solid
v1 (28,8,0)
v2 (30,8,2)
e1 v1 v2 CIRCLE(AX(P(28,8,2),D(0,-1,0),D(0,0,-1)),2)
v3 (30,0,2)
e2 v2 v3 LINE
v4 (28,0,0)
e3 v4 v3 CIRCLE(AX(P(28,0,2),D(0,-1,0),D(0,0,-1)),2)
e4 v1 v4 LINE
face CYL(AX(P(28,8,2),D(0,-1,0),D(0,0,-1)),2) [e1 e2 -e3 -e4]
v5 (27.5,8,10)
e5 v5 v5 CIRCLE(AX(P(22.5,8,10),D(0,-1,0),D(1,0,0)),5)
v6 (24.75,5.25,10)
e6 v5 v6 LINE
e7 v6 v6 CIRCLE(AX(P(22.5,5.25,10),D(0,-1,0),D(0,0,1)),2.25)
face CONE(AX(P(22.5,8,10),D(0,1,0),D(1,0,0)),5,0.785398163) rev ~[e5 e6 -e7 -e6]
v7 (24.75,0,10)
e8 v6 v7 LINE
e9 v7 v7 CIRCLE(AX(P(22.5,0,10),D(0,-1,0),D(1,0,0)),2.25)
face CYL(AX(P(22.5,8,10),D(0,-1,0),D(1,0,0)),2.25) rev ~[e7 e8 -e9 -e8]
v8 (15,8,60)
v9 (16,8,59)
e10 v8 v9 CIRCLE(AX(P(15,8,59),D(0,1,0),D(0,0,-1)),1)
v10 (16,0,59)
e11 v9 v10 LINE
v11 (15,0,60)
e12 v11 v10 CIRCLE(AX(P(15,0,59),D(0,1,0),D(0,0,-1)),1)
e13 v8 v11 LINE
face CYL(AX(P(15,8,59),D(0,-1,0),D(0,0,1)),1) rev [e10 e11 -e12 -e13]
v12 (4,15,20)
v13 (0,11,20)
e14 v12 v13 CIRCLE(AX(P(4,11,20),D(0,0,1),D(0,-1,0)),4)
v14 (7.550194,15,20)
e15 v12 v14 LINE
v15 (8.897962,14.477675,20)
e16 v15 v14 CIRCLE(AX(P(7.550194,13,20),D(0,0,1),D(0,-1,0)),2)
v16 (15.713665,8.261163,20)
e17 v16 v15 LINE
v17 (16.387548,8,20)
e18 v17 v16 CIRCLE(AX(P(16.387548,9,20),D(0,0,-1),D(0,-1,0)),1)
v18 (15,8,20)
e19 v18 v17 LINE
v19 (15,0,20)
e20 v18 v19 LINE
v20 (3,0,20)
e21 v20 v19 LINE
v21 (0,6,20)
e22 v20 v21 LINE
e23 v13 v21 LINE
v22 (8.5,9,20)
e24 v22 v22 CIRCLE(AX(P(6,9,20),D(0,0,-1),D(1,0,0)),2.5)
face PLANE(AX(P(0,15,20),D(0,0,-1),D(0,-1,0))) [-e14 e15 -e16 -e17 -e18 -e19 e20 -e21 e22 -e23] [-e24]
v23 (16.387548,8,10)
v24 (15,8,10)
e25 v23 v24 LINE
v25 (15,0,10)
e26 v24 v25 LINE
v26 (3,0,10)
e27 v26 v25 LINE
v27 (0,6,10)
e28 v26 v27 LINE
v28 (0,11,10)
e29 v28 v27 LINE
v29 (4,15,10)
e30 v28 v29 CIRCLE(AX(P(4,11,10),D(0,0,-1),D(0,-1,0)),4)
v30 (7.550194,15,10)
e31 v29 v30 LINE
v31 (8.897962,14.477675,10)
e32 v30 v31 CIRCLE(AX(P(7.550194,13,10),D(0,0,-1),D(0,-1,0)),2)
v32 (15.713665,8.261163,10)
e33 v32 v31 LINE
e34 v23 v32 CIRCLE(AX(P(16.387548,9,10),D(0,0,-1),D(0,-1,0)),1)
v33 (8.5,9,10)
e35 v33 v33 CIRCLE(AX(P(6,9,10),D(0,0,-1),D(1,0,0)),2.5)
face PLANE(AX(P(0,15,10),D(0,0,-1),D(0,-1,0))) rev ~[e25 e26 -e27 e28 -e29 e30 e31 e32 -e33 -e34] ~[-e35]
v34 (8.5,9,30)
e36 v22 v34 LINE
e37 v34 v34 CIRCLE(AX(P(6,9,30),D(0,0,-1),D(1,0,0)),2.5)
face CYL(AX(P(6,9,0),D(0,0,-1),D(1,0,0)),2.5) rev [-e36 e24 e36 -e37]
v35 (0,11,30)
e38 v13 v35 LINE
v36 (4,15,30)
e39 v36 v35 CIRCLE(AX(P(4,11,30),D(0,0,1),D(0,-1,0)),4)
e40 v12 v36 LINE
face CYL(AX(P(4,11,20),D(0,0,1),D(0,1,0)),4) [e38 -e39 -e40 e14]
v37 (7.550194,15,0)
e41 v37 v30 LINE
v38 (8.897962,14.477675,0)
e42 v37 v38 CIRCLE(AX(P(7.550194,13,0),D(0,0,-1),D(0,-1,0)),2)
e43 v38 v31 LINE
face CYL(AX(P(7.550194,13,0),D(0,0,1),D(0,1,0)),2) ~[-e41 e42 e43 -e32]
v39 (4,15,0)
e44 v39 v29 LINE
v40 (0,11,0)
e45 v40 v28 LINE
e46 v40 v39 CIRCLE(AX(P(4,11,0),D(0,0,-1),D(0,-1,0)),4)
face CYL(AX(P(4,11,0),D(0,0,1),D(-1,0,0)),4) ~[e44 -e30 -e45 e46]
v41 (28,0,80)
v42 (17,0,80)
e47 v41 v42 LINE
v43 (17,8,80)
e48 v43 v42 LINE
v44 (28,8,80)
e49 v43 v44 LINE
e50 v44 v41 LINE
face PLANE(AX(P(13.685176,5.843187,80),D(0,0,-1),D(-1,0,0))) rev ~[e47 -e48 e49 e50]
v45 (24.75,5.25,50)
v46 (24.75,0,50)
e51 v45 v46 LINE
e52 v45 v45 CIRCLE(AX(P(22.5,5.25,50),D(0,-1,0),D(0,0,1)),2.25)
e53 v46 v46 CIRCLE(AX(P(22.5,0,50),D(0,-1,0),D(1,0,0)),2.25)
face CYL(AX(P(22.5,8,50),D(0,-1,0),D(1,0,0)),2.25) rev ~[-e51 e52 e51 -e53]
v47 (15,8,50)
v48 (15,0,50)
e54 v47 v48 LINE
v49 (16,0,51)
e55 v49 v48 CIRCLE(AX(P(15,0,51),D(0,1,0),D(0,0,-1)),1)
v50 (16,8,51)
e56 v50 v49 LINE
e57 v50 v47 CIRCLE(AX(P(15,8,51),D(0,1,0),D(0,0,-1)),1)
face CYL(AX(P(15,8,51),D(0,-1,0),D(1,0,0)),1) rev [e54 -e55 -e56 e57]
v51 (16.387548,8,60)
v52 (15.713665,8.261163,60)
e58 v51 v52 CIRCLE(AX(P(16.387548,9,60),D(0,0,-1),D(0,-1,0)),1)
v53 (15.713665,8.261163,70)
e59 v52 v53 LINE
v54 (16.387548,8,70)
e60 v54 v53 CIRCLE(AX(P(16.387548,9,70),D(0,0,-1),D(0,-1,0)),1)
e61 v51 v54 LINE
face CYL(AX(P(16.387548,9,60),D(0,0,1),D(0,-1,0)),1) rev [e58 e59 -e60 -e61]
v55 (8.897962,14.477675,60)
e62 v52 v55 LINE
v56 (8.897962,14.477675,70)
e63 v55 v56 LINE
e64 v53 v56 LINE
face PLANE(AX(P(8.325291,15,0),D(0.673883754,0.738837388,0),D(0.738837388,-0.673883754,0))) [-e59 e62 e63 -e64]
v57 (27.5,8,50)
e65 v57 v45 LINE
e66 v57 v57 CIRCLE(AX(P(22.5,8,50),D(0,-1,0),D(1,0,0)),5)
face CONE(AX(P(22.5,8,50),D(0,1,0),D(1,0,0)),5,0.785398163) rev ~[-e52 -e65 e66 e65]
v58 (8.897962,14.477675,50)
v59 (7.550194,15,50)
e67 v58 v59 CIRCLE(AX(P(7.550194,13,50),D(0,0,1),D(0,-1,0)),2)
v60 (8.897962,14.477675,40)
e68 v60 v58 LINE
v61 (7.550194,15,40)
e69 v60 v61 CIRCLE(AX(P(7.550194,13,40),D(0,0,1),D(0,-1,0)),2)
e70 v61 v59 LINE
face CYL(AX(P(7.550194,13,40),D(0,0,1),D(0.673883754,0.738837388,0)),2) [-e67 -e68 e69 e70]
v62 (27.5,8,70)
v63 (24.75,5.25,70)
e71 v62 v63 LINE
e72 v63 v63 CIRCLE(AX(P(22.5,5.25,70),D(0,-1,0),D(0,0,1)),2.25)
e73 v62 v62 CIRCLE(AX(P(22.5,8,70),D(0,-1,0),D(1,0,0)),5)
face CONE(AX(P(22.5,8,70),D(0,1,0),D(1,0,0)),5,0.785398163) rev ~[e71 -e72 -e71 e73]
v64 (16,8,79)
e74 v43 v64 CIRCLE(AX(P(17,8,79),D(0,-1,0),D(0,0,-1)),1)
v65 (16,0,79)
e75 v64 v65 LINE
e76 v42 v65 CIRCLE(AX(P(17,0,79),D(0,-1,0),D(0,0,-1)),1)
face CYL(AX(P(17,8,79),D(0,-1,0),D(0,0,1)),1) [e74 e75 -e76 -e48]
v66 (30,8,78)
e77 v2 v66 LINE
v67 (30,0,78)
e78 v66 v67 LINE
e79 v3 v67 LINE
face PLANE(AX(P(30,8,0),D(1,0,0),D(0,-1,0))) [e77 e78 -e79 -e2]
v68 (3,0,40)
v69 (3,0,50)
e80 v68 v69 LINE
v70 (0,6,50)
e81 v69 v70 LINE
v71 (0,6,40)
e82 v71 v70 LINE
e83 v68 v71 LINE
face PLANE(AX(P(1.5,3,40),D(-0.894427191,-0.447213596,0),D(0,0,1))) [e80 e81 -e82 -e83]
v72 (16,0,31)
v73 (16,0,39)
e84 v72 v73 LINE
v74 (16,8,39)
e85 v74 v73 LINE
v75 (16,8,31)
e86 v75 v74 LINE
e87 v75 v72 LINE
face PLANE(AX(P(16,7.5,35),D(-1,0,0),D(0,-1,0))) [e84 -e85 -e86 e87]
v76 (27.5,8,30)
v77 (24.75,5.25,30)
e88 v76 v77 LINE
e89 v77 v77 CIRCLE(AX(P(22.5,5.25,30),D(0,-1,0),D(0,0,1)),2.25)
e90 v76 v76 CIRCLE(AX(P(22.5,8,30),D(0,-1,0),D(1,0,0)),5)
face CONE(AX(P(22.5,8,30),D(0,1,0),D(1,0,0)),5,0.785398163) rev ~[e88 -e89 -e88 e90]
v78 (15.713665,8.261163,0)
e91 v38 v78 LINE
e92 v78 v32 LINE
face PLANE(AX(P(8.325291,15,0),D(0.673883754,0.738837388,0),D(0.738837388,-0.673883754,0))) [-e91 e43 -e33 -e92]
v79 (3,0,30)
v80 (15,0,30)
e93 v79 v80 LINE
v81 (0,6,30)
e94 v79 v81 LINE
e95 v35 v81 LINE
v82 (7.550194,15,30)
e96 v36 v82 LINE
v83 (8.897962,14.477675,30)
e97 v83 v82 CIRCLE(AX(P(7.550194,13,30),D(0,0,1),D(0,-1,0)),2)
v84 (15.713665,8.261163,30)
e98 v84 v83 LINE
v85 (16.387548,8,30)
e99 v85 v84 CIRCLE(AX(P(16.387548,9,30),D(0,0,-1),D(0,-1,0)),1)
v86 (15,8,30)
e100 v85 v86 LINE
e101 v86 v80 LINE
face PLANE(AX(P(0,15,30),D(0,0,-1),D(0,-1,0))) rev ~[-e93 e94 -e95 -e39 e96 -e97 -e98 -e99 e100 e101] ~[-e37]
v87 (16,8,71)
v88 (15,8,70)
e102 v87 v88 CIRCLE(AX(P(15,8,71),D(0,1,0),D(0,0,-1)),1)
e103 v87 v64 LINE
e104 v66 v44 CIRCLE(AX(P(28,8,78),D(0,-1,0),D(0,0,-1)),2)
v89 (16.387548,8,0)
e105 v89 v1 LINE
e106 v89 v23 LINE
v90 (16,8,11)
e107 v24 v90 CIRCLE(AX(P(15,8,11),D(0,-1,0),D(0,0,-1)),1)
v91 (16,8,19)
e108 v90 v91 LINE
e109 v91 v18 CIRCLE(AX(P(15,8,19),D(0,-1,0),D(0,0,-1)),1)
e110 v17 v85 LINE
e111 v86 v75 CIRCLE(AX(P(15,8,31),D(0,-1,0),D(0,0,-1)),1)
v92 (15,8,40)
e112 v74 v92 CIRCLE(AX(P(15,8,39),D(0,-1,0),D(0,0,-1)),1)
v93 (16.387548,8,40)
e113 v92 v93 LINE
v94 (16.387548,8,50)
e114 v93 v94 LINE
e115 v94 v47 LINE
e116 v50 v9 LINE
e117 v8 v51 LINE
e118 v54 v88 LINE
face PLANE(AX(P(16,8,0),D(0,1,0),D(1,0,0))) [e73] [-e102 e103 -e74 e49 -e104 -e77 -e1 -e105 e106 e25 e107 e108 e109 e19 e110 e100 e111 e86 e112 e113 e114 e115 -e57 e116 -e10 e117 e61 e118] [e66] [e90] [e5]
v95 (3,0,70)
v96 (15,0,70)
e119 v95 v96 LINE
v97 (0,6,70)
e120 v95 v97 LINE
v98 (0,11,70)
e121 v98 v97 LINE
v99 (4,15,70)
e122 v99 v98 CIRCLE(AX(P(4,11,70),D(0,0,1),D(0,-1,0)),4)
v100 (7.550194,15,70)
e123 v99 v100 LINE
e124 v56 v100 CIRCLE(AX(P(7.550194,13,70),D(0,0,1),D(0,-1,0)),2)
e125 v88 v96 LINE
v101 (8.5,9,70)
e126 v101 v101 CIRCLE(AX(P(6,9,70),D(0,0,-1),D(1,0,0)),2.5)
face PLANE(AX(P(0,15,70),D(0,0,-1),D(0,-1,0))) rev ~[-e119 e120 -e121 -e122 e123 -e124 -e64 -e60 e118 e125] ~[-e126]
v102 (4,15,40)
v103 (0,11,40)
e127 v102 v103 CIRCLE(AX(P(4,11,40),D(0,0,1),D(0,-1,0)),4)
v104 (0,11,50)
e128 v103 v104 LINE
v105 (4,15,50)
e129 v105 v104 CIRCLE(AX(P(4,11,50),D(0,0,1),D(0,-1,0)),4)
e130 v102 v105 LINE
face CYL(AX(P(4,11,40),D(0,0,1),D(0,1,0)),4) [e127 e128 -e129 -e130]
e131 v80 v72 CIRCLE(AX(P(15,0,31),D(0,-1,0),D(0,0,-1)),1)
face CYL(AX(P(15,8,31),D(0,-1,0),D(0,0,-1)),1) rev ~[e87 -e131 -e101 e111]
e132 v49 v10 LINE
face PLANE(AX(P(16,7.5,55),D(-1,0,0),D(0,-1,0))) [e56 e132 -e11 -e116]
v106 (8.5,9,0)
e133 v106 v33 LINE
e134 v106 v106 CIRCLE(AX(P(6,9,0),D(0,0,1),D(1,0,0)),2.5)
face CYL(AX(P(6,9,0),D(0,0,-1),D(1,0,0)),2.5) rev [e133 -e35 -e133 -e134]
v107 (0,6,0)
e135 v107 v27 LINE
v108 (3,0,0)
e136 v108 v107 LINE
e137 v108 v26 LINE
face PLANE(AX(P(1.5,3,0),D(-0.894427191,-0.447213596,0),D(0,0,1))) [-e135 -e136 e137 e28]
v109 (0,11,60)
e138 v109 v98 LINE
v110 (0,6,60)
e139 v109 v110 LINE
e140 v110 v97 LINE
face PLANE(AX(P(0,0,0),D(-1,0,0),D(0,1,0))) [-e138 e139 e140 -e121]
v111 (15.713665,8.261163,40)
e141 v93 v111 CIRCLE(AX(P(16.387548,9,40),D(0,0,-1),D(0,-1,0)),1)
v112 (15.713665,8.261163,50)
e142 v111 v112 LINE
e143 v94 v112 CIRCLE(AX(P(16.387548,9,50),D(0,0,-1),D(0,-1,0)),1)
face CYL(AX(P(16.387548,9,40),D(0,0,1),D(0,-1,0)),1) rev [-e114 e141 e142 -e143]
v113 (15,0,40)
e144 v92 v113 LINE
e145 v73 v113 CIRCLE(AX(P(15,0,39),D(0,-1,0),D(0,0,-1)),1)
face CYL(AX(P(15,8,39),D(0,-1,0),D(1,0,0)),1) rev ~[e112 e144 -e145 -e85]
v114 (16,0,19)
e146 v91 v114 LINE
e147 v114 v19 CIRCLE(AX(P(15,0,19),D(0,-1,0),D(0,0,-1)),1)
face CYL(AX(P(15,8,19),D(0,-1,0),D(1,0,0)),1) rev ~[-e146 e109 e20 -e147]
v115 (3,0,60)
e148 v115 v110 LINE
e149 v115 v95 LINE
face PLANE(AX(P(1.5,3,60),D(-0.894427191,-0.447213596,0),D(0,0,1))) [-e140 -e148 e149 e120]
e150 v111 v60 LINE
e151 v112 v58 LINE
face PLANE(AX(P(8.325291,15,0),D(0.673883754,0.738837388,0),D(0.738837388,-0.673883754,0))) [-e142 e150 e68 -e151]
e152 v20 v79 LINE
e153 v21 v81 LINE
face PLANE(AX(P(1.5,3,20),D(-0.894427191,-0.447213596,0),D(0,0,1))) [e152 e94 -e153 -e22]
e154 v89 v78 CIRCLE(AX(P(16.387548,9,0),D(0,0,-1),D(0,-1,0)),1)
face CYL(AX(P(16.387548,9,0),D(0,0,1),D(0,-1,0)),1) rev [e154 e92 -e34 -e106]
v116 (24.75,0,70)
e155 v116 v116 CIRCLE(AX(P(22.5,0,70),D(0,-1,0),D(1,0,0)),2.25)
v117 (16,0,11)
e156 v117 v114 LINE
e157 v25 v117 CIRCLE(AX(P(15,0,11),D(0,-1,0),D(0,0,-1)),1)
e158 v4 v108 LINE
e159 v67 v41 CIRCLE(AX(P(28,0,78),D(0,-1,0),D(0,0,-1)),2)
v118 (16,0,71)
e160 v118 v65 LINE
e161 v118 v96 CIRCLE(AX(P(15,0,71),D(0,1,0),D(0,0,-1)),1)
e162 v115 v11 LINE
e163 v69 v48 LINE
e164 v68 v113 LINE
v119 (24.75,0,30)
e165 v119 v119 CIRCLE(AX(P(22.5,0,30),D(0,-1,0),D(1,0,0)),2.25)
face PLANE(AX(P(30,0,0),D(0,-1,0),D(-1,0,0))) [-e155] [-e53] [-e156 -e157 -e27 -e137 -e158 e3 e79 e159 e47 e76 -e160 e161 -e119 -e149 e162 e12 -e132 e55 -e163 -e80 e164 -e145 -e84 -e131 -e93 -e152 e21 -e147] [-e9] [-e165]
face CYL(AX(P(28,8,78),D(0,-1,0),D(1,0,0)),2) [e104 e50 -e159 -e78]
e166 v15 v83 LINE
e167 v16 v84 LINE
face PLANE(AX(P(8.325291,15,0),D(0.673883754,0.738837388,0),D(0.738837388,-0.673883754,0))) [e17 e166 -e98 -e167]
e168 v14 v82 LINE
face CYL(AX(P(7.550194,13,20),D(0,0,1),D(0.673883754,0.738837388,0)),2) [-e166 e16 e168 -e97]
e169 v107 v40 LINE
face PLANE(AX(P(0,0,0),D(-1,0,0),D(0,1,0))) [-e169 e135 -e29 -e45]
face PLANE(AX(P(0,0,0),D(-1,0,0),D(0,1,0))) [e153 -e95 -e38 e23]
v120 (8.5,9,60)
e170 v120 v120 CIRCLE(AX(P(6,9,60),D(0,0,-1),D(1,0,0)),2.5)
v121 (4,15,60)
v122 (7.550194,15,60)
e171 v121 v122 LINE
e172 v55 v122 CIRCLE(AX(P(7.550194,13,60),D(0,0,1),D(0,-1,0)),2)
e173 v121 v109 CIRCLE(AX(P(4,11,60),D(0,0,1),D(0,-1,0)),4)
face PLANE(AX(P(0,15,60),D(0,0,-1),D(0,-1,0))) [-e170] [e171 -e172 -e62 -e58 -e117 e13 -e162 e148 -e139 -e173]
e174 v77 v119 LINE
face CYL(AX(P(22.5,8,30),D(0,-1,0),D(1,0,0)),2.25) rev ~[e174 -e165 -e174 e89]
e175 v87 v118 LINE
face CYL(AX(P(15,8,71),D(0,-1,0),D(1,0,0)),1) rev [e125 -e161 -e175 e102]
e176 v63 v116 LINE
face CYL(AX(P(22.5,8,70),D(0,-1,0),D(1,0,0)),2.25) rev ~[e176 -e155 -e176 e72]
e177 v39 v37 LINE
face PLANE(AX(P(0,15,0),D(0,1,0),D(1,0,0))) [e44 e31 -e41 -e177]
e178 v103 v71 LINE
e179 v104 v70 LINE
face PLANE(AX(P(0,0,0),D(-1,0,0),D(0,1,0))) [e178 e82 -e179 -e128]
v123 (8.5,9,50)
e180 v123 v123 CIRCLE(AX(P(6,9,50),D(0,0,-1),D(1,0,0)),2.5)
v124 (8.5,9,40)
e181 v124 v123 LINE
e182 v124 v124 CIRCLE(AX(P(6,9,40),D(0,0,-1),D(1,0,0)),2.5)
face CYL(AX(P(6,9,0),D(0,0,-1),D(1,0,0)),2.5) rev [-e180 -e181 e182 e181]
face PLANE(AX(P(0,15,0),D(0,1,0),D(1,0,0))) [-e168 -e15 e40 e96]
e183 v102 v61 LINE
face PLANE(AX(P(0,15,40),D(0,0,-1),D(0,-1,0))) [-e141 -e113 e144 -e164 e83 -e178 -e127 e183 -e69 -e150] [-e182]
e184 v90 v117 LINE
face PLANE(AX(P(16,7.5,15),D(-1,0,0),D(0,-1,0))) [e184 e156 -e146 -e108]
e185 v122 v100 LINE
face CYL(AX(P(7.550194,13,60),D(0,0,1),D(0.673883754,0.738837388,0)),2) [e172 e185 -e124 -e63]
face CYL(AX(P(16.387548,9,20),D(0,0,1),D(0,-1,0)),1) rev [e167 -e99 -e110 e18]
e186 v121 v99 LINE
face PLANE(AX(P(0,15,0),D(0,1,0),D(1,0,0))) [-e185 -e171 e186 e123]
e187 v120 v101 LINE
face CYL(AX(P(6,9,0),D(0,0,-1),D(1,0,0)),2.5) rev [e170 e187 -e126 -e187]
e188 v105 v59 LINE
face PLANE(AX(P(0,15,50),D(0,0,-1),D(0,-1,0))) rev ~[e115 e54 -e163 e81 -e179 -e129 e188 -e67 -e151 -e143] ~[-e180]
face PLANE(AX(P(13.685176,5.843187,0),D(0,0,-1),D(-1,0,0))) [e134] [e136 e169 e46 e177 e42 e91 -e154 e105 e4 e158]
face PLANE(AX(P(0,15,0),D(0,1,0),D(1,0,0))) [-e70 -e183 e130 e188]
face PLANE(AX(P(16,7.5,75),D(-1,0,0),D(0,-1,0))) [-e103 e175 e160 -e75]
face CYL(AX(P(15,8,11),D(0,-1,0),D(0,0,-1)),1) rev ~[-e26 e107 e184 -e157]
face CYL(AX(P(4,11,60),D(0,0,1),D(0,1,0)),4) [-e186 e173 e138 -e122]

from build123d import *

# Parameters (mm, degrees)
SKETCH_R         = 2.5
PAD_DEPTH        = 80
SKETCH001_W      = 15
SKETCH001_H      = 10
POCKET_DEPTH     = 16
HOLE_D           = 4.5
HOLE_CSINK_D     = 10
HOLE_CSINK_ANGLE = 90
FILLET_R         = 4
FILLET001_R      = 2
CHAMFER_SIZE2    = 6
CHAMFER_SIZE     = 3
CHAMFER001_SIZE2 = 6
CHAMFER001_SIZE  = 3
FILLET002_R      = 1
FILLET003_R      = 1
FILLET004_R      = 2


with BuildPart() as part:
    # Sketch → Pad (new body)
    with BuildSketch(Plane.XY):
        Polygon((0, 0), (0, 15), (8.325291, 15), (16, 8), (30, 8), (30, 0), align=None)
        with Locations((6, 9)):
            Circle(SKETCH_R, mode=Mode.SUBTRACT)
    extrude(amount=PAD_DEPTH)

    # Sketch001 (on Face1 of Pad) → Pocket (cut)
    with BuildSketch(Plane(origin=(0, 0, 0), x_dir=(0, -1, 0), z_dir=(-1, 0, 0))):
        with Locations((-7.5, 15)):
            Rectangle(SKETCH001_W, SKETCH001_H)
        with Locations((-7.5, 35)):
            Rectangle(SKETCH001_W, SKETCH001_H)
        with Locations((-7.5, 55)):
            Rectangle(SKETCH001_W, SKETCH001_H)
        with Locations((-7.5, 75)):
            Rectangle(SKETCH001_W, SKETCH001_H)
    extrude(amount=-POCKET_DEPTH, mode=Mode.SUBTRACT)

    # Hole (through all)
    with Locations(Plane(origin=(0, 8, 0), x_dir=(-1, 0, 0), z_dir=(0, 1, 0))):
        with Locations((-22.5, 70), (-22.5, 50), (-22.5, 30), (-22.5, 10)):
            CounterSinkHole(HOLE_D / 2, HOLE_CSINK_D / 2, counter_sink_angle=HOLE_CSINK_ANGLE)

    # Fillet
    fillet_edges = [part.edges().sort_by_distance(p)[0] for p in [
        (0, 15, 5),
        (0, 15, 25),
        (0, 15, 45),
        (0, 15, 65),
    ]]
    fillet(fillet_edges, radius=FILLET_R)

    # Fillet001
    fillet001_edges = [part.edges().sort_by_distance(p)[0] for p in [
        (8.325291, 15, 5),
        (8.325291, 15, 25),
        (8.325291, 15, 45),
        (8.325291, 15, 65),
    ]]
    fillet(fillet001_edges, radius=FILLET001_R)

    # Chamfer
    chamfer_edges = [part.edges().sort_by_distance(p)[0] for p in [
        (0, 0, 25),
        (0, 0, 45),
        (0, 0, 65),
    ]]
    chamfer_side = part.faces().sort_by_distance((17.359651, 0, 38.113633))[0]
    chamfer(chamfer_edges, length=CHAMFER_SIZE, length2=CHAMFER_SIZE2, reference=chamfer_side)

    # Chamfer001
    chamfer001_edges = [part.edges().sort_by_distance(p)[0] for p in [
        (0, 0, 5),
    ]]
    chamfer001_side = part.faces().sort_by_distance((18.248211, 0, 37.727814))[0]
    chamfer(chamfer001_edges, length=CHAMFER001_SIZE, length2=CHAMFER001_SIZE2, reference=chamfer001_side)

    # Fillet002
    fillet002_edges = [part.edges().sort_by_distance(p)[0] for p in [
        (16, 8, 5),
        (16, 8, 25),
        (16, 8, 45),
        (16, 8, 65),
    ]]
    fillet(fillet002_edges, radius=FILLET002_R)

    # Fillet003
    fillet003_edges = [part.edges().sort_by_distance(p)[0] for p in [
        (16, 4, 10),
        (16, 4, 30),
        (16, 4, 50),
        (16, 4, 70),
        (16, 4, 80),
        (16, 4, 20),
        (16, 4, 40),
        (16, 4, 60),
    ]]
    fillet(fillet003_edges, radius=FILLET003_R)

    # Fillet004
    fillet004_edges = [part.edges().sort_by_distance(p)[0] for p in [
        (30, 4, 0),
        (30, 4, 80),
    ]]
    fillet(fillet004_edges, radius=FILLET004_R)


solid = part.part
